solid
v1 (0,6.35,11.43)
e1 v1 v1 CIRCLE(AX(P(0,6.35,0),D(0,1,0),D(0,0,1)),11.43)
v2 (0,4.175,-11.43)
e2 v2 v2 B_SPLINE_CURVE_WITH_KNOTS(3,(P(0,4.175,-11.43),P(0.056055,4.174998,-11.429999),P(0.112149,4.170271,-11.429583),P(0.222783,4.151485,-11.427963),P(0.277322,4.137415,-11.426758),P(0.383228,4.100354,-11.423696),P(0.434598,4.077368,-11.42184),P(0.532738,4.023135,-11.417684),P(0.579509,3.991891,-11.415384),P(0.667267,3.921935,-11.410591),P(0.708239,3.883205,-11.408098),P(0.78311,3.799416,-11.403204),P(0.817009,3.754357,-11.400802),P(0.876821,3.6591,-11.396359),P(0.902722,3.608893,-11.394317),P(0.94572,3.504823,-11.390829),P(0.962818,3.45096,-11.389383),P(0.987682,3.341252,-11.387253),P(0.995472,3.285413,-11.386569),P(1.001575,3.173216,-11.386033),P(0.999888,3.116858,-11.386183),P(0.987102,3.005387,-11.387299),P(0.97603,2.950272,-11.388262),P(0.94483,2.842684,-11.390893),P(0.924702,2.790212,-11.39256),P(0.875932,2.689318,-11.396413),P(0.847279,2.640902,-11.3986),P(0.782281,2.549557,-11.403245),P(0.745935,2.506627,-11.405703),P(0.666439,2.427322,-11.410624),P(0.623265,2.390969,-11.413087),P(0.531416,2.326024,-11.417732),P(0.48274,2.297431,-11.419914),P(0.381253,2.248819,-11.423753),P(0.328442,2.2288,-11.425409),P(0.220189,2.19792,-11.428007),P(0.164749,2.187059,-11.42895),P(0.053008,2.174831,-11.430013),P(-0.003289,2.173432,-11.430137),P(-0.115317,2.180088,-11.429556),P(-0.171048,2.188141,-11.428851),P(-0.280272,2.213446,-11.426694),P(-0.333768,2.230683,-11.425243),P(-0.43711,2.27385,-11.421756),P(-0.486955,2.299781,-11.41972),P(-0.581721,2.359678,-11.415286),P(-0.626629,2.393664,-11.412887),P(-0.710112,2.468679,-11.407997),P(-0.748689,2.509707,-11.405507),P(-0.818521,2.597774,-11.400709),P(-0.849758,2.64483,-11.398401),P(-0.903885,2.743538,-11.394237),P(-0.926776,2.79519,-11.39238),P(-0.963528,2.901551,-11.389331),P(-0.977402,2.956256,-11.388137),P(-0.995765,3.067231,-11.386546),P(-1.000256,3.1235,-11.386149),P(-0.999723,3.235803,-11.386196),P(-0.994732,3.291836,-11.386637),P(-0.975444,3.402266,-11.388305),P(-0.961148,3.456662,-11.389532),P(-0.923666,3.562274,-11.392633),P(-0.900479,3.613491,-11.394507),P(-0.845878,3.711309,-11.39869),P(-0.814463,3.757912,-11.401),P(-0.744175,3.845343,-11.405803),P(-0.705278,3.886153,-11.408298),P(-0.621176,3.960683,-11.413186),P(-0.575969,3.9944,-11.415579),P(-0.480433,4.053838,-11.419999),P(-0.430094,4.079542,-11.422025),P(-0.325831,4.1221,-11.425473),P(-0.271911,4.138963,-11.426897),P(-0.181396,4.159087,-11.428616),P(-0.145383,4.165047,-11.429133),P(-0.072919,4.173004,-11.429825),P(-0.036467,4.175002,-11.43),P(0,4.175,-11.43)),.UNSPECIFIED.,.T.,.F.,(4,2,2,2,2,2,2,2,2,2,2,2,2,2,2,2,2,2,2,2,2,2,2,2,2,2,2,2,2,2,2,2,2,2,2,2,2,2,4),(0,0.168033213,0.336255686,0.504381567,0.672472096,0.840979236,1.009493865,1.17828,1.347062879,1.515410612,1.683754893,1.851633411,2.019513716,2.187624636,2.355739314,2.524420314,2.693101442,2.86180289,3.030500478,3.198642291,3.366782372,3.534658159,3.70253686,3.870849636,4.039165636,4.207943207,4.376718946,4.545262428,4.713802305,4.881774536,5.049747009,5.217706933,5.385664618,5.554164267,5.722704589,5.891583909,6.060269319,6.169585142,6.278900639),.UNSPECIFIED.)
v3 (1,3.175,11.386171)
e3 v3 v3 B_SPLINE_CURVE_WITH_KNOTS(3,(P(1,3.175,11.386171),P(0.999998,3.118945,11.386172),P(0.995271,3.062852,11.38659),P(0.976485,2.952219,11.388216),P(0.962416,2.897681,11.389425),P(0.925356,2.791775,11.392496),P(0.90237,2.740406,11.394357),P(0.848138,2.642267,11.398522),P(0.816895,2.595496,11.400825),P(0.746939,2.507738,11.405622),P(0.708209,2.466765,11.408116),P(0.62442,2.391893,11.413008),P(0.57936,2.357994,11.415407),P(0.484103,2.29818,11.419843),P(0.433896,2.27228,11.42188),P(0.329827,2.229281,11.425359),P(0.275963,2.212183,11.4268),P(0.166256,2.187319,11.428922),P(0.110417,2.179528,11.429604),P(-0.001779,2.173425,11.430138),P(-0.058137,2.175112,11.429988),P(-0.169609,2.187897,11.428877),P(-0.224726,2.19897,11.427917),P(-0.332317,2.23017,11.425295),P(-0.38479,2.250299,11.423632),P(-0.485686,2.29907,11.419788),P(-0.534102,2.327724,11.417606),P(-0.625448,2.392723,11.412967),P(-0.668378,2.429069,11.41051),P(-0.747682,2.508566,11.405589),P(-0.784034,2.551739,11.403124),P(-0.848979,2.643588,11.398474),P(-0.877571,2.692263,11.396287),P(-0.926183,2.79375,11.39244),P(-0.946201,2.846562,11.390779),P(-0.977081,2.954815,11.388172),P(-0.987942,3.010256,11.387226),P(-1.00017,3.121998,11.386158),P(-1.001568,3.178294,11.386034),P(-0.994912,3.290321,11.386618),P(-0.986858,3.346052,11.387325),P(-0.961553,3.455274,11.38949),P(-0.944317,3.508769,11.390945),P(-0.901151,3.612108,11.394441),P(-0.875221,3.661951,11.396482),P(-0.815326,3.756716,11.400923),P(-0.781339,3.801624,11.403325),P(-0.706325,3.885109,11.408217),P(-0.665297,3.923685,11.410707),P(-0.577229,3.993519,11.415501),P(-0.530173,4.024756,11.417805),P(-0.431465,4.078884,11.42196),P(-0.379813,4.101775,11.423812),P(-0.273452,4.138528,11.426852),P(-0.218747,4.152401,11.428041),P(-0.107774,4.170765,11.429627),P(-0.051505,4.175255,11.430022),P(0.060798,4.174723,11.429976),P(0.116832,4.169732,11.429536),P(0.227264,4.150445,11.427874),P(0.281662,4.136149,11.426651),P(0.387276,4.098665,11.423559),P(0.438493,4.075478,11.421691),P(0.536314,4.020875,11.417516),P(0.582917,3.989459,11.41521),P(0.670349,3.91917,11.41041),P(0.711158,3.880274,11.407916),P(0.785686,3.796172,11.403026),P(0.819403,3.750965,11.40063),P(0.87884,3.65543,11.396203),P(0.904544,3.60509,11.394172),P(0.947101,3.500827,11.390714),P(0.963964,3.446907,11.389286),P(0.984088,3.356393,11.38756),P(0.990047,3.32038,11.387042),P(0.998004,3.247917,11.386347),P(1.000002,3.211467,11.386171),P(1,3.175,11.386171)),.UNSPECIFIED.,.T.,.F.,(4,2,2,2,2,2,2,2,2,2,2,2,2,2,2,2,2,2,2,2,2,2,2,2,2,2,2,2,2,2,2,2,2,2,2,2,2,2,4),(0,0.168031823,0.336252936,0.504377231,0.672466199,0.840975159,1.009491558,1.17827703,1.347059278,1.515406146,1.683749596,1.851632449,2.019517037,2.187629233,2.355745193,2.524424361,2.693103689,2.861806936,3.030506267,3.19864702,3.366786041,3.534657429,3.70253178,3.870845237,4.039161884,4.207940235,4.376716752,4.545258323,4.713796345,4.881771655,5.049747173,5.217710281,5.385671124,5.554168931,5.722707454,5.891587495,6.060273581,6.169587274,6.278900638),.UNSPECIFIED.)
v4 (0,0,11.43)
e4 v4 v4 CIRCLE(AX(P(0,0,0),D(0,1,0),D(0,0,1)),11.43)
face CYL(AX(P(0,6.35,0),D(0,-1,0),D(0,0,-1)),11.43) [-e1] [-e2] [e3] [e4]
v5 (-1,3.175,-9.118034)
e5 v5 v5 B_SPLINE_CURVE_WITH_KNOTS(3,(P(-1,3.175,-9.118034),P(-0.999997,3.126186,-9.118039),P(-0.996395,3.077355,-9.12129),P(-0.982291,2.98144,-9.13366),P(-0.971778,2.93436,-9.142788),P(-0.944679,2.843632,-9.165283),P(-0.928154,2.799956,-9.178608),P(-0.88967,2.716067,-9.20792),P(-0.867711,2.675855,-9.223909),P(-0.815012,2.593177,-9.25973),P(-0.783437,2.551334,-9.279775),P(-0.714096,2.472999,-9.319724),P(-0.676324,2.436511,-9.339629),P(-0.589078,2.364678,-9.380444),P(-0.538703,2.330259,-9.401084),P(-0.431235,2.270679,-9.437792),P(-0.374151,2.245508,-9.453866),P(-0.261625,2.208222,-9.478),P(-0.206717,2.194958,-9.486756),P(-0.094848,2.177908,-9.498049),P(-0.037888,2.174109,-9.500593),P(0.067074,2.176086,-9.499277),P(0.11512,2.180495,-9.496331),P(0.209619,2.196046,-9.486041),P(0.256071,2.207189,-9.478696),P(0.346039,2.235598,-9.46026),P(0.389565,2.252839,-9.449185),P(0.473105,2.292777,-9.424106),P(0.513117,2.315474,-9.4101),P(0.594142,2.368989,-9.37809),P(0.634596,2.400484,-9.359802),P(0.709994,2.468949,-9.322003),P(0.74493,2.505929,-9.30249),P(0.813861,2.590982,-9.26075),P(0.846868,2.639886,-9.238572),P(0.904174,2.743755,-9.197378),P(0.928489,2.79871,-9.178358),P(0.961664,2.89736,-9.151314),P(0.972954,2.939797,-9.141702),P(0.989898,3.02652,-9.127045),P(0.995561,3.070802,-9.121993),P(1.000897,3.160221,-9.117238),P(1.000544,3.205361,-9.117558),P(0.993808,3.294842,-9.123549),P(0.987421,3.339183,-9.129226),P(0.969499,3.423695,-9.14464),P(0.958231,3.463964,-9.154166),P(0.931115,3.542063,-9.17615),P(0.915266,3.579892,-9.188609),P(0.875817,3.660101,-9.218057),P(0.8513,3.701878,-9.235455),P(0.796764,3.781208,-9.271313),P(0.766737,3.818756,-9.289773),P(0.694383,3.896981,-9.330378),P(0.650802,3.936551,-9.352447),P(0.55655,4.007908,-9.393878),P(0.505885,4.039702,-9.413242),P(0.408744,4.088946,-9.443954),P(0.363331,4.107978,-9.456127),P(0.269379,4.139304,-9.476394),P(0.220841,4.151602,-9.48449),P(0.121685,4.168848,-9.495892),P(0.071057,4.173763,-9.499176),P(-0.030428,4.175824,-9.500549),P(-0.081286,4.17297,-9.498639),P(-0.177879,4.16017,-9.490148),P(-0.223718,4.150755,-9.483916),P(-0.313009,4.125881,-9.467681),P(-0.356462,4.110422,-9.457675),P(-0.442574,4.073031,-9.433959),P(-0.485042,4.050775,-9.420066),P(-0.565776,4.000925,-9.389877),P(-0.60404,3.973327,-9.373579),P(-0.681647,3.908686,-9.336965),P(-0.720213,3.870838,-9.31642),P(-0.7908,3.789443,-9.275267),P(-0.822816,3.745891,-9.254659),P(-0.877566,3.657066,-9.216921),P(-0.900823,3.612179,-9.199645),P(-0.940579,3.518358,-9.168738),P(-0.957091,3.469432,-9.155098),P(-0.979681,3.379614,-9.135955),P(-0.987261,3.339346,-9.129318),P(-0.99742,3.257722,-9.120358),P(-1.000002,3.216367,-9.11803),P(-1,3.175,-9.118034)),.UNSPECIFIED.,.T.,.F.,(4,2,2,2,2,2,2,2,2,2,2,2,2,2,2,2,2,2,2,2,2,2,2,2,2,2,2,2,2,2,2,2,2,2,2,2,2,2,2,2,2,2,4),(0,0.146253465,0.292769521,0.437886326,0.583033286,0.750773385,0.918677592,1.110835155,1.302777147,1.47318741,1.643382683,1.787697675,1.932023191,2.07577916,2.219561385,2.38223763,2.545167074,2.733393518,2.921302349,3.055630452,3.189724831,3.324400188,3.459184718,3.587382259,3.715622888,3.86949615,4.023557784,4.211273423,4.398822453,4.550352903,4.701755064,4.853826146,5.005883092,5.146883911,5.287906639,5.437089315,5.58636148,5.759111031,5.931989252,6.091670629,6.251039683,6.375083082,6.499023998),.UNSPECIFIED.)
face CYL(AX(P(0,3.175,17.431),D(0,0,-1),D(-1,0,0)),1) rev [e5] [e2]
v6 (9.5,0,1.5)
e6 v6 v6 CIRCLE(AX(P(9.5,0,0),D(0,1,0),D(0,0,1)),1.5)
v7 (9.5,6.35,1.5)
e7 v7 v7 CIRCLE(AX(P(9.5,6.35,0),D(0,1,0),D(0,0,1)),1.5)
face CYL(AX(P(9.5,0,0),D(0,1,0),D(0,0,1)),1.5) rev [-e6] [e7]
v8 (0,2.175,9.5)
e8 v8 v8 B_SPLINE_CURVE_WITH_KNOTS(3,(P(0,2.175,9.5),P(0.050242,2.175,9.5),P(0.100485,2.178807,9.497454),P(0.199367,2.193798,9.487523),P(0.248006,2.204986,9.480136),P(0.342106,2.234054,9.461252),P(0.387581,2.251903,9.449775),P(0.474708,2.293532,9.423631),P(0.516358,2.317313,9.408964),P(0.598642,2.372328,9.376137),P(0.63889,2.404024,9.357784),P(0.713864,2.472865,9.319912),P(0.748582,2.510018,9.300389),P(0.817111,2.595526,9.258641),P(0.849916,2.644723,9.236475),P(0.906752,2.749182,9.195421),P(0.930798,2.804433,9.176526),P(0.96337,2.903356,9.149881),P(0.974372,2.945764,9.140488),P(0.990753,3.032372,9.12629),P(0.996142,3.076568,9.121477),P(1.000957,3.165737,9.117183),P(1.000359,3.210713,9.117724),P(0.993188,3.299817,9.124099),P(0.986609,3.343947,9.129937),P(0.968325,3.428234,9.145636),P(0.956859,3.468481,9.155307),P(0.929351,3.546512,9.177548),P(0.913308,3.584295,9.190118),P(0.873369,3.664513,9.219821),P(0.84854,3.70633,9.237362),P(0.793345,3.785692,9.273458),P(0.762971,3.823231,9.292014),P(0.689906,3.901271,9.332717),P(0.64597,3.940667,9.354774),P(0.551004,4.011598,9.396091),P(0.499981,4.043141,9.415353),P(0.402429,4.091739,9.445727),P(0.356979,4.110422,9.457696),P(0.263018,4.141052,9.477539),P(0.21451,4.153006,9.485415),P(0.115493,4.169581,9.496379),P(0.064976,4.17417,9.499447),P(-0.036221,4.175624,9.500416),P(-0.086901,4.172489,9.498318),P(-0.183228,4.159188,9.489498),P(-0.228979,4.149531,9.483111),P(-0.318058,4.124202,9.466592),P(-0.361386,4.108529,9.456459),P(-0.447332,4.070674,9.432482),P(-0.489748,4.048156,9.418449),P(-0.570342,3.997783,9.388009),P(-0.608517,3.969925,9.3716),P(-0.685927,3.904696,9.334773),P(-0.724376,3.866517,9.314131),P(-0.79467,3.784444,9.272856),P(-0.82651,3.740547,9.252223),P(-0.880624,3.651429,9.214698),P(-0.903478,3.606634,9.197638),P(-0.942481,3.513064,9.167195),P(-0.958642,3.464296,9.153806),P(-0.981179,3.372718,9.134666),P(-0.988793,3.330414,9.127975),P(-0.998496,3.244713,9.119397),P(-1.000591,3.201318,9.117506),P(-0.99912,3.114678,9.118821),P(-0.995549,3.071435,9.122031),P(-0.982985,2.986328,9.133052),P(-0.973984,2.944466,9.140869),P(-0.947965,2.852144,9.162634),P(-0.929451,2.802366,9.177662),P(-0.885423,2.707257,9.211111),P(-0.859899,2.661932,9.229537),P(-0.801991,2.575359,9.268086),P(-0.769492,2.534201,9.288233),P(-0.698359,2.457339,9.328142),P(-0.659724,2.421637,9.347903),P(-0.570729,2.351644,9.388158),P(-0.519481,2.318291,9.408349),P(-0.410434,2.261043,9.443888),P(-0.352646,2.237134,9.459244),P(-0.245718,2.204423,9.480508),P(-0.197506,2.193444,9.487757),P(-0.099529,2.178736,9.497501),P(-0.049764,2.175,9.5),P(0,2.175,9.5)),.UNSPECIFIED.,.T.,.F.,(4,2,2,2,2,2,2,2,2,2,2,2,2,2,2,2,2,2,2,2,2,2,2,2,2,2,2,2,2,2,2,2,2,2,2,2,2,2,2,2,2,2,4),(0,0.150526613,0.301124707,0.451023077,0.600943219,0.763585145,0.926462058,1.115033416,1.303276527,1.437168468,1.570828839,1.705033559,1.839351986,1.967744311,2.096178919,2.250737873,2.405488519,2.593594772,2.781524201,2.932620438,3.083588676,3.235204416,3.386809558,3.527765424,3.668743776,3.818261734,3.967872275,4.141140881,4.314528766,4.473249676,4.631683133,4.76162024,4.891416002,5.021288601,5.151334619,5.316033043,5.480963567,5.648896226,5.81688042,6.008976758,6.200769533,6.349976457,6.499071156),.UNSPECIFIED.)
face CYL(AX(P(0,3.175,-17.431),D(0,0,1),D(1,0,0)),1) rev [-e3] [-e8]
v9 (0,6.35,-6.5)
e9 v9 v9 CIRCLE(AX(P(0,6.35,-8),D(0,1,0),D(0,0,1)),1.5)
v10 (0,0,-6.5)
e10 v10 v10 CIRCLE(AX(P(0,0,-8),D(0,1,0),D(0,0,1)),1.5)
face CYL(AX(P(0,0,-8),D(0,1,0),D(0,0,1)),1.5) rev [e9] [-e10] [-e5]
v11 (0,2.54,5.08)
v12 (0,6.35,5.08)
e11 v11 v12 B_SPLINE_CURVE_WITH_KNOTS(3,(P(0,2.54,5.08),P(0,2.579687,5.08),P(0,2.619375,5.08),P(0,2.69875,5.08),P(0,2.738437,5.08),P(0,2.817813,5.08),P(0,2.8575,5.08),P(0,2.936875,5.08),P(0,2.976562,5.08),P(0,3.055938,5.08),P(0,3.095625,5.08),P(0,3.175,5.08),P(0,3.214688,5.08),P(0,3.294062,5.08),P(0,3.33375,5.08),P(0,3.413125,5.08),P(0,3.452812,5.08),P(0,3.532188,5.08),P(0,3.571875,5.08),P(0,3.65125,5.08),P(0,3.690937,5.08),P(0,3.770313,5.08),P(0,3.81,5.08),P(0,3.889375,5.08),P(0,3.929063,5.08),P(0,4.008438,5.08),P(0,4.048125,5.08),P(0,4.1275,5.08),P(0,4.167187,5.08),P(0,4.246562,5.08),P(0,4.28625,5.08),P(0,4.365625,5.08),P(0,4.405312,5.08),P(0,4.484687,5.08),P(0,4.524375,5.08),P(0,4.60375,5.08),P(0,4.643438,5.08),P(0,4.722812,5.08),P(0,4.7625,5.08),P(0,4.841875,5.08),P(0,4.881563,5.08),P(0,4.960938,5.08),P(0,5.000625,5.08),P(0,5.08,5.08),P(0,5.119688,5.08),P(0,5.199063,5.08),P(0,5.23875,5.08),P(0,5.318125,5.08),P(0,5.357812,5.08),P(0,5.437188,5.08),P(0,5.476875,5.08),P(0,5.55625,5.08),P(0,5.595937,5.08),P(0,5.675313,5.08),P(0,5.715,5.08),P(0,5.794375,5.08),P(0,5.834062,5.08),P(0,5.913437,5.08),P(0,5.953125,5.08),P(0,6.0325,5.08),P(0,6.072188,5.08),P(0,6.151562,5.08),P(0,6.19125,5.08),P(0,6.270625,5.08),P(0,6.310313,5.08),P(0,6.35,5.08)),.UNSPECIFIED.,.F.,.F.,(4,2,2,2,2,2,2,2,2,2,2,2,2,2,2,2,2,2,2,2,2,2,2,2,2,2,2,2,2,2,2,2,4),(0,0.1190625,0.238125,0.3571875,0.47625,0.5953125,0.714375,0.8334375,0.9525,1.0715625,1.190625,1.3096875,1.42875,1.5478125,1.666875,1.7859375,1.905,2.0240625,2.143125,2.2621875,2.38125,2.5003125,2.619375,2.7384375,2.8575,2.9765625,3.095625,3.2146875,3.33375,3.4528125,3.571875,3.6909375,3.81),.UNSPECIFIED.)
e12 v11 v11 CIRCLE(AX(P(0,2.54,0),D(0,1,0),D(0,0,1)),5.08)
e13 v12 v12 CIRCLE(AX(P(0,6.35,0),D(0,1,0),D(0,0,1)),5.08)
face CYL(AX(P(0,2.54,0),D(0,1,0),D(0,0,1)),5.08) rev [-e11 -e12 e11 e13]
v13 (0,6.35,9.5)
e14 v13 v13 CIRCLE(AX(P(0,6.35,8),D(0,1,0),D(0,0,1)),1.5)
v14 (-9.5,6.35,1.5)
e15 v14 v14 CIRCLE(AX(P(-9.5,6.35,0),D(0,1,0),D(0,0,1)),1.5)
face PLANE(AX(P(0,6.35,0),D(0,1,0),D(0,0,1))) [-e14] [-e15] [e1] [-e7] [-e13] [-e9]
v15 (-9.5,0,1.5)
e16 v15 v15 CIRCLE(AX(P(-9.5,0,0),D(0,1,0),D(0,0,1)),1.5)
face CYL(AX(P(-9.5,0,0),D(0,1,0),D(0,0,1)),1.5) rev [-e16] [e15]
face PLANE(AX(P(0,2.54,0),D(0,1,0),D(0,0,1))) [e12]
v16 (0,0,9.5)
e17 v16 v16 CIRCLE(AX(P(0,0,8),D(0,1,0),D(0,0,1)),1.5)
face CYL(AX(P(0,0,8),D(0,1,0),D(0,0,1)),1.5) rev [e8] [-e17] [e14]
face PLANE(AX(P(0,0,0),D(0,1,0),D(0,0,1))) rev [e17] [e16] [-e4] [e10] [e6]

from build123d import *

# Parameters (mm, degrees)
SKETCH2_R               = 11.43
BOSS_EXTRUDE1_DEPTH     = 6.35
SKETCH4_R               = 1.5
CUT_EXTRUDE1_DEPTH      = 18.366988801
CUT_EXTRUDE2_REACH      = 29.445
CUT_EXTRUDE2_END_RADIUS = 1.5
CUT_EXTRUDE3_REACH      = 29.445
CUT_EXTRUDE3_END_RADIUS = 1.5
SKETCH9_R               = 1
SKETCH10_R              = 5.08
CUT_EXTRUDE4_DEPTH      = 3.81


with BuildPart() as part:
    # Sketch2 → Boss-Extrude1 (new body)
    with BuildSketch(Plane(origin=(0, 0, 0), x_dir=(1, 0, 0), z_dir=(0, 1, 0))):
        with Locations(Location((0, 0, 0), (0, 0, 270))):
            Circle(SKETCH2_R)
    extrude(amount=BOSS_EXTRUDE1_DEPTH)

    # Sketch4 → Cut-Extrude1 (cut, through all)
    with BuildSketch(Plane(origin=(0, 6.35, 0), x_dir=(1, 0, 0), z_dir=(0, 1, 0))):
        with Locations(Location((0, 8, 0), (0, 0, 270))):
            Circle(SKETCH4_R)
        with Locations(Location((0, -8, 0), (0, 0, 270))):
            Circle(SKETCH4_R)
        with Locations(Location((9.5, 0, 0), (0, 0, 270))):
            Circle(SKETCH4_R)
        with Locations(Location((-9.5, 0, 0), (0, 0, 270))):
            Circle(SKETCH4_R)
    extrude(amount=-CUT_EXTRUDE1_DEPTH, mode=Mode.SUBTRACT)

    # Cut-Extrude2: up to this cylinder (the profile starts outside it)
    cut_extrude2_end = Plane(origin=(0, 3.175, 8), z_dir=(0, 1, 0)) * Cylinder(CUT_EXTRUDE2_END_RADIUS, 62.89, mode=Mode.PRIVATE)
    # Sketch8 → Cut-Extrude2 (cut, up to the surface)
    with BuildSketch(Plane.XY.offset(12.7), mode=Mode.PRIVATE) as cut_extrude2_sk1:
        with BuildLine():
            ThreePointArc((1, 3.175), (0.707106781, 3.882106781), (0, 4.175))
            Line((0, 4.175), (0, 2.175))
            ThreePointArc((0, 2.175), (0.707106781, 2.467893219), (1, 3.175))
        make_face()
    cut_extrude2_tool1 = extrude(cut_extrude2_sk1.sketch, amount=-CUT_EXTRUDE2_REACH, mode=Mode.PRIVATE) - cut_extrude2_end
    add(cut_extrude2_tool1.solids().sort_by_distance((0.424413, 3.175, 12.7))[0], mode=Mode.SUBTRACT)
    # Sketch8 → Cut-Extrude2 (cut, up to the surface)
    with BuildSketch(Plane.XY.offset(12.7), mode=Mode.PRIVATE) as cut_extrude2_sk2:
        with BuildLine():
            Line((0, 2.175), (0, 4.175))
            ThreePointArc((0, 4.175), (-1, 3.175), (0, 2.175))
        make_face()
    cut_extrude2_tool2 = extrude(cut_extrude2_sk2.sketch, amount=-CUT_EXTRUDE2_REACH, mode=Mode.PRIVATE) - cut_extrude2_end
    add(cut_extrude2_tool2.solids().sort_by_distance((-0.424413, 3.175, 12.7))[0], mode=Mode.SUBTRACT)
    # Sketch8 → Cut-Extrude2 (cut, up to the surface)
    with BuildSketch(Plane.XY.offset(12.7), mode=Mode.PRIVATE) as cut_extrude2_sk3:
        with BuildLine():
            ThreePointArc((1, 3.175), (0.707106781, 3.882106781), (0, 4.175))
            Line((0, 4.175), (0, 2.175))
            ThreePointArc((0, 2.175), (0.707106781, 2.467893219), (1, 3.175))
        make_face()
    cut_extrude2_tool3 = extrude(cut_extrude2_sk3.sketch, amount=-CUT_EXTRUDE2_REACH, mode=Mode.PRIVATE) - cut_extrude2_end
    add(cut_extrude2_tool3.solids().sort_by_distance((0.424413, 3.175, 12.7))[0], mode=Mode.SUBTRACT)
    # Sketch8 → Cut-Extrude2 (cut, up to the surface)
    with BuildSketch(Plane.XY.offset(12.7), mode=Mode.PRIVATE) as cut_extrude2_sk4:
        with BuildLine():
            Line((0, 2.175), (0, 4.175))
            ThreePointArc((0, 4.175), (-1, 3.175), (0, 2.175))
        make_face()
    cut_extrude2_tool4 = extrude(cut_extrude2_sk4.sketch, amount=-CUT_EXTRUDE2_REACH, mode=Mode.PRIVATE) - cut_extrude2_end
    add(cut_extrude2_tool4.solids().sort_by_distance((-0.424413, 3.175, 12.7))[0], mode=Mode.SUBTRACT)

    # Cut-Extrude3: up to this cylinder (the profile starts outside it)
    cut_extrude3_end = Plane(origin=(0, 3.175, -8), z_dir=(0, 1, 0)) * Cylinder(CUT_EXTRUDE3_END_RADIUS, 62.89, mode=Mode.PRIVATE)
    # Sketch9 → Cut-Extrude3 (cut, up to the surface)
    with BuildSketch(Plane.XY.offset(-12.7), mode=Mode.PRIVATE) as cut_extrude3_sk1:
        with Locations(Location((0, 3.175, 0), (0, 0, 270))):
            Circle(SKETCH9_R)
    cut_extrude3_tool1 = extrude(cut_extrude3_sk1.sketch, amount=CUT_EXTRUDE3_REACH, mode=Mode.PRIVATE) - cut_extrude3_end
    add(cut_extrude3_tool1.solids().sort_by_distance((0, 3.175, -12.7))[0], mode=Mode.SUBTRACT)

    # Sketch10 → Cut-Extrude4 (cut)
    with BuildSketch(Plane(origin=(0, 6.35, 0), x_dir=(1, 0, 0), z_dir=(0, 1, 0))):
        with Locations(Location((0, 0, 0), (0, 0, 270))):
            Circle(SKETCH10_R)
    extrude(amount=-CUT_EXTRUDE4_DEPTH, mode=Mode.SUBTRACT)


solid = part.part
